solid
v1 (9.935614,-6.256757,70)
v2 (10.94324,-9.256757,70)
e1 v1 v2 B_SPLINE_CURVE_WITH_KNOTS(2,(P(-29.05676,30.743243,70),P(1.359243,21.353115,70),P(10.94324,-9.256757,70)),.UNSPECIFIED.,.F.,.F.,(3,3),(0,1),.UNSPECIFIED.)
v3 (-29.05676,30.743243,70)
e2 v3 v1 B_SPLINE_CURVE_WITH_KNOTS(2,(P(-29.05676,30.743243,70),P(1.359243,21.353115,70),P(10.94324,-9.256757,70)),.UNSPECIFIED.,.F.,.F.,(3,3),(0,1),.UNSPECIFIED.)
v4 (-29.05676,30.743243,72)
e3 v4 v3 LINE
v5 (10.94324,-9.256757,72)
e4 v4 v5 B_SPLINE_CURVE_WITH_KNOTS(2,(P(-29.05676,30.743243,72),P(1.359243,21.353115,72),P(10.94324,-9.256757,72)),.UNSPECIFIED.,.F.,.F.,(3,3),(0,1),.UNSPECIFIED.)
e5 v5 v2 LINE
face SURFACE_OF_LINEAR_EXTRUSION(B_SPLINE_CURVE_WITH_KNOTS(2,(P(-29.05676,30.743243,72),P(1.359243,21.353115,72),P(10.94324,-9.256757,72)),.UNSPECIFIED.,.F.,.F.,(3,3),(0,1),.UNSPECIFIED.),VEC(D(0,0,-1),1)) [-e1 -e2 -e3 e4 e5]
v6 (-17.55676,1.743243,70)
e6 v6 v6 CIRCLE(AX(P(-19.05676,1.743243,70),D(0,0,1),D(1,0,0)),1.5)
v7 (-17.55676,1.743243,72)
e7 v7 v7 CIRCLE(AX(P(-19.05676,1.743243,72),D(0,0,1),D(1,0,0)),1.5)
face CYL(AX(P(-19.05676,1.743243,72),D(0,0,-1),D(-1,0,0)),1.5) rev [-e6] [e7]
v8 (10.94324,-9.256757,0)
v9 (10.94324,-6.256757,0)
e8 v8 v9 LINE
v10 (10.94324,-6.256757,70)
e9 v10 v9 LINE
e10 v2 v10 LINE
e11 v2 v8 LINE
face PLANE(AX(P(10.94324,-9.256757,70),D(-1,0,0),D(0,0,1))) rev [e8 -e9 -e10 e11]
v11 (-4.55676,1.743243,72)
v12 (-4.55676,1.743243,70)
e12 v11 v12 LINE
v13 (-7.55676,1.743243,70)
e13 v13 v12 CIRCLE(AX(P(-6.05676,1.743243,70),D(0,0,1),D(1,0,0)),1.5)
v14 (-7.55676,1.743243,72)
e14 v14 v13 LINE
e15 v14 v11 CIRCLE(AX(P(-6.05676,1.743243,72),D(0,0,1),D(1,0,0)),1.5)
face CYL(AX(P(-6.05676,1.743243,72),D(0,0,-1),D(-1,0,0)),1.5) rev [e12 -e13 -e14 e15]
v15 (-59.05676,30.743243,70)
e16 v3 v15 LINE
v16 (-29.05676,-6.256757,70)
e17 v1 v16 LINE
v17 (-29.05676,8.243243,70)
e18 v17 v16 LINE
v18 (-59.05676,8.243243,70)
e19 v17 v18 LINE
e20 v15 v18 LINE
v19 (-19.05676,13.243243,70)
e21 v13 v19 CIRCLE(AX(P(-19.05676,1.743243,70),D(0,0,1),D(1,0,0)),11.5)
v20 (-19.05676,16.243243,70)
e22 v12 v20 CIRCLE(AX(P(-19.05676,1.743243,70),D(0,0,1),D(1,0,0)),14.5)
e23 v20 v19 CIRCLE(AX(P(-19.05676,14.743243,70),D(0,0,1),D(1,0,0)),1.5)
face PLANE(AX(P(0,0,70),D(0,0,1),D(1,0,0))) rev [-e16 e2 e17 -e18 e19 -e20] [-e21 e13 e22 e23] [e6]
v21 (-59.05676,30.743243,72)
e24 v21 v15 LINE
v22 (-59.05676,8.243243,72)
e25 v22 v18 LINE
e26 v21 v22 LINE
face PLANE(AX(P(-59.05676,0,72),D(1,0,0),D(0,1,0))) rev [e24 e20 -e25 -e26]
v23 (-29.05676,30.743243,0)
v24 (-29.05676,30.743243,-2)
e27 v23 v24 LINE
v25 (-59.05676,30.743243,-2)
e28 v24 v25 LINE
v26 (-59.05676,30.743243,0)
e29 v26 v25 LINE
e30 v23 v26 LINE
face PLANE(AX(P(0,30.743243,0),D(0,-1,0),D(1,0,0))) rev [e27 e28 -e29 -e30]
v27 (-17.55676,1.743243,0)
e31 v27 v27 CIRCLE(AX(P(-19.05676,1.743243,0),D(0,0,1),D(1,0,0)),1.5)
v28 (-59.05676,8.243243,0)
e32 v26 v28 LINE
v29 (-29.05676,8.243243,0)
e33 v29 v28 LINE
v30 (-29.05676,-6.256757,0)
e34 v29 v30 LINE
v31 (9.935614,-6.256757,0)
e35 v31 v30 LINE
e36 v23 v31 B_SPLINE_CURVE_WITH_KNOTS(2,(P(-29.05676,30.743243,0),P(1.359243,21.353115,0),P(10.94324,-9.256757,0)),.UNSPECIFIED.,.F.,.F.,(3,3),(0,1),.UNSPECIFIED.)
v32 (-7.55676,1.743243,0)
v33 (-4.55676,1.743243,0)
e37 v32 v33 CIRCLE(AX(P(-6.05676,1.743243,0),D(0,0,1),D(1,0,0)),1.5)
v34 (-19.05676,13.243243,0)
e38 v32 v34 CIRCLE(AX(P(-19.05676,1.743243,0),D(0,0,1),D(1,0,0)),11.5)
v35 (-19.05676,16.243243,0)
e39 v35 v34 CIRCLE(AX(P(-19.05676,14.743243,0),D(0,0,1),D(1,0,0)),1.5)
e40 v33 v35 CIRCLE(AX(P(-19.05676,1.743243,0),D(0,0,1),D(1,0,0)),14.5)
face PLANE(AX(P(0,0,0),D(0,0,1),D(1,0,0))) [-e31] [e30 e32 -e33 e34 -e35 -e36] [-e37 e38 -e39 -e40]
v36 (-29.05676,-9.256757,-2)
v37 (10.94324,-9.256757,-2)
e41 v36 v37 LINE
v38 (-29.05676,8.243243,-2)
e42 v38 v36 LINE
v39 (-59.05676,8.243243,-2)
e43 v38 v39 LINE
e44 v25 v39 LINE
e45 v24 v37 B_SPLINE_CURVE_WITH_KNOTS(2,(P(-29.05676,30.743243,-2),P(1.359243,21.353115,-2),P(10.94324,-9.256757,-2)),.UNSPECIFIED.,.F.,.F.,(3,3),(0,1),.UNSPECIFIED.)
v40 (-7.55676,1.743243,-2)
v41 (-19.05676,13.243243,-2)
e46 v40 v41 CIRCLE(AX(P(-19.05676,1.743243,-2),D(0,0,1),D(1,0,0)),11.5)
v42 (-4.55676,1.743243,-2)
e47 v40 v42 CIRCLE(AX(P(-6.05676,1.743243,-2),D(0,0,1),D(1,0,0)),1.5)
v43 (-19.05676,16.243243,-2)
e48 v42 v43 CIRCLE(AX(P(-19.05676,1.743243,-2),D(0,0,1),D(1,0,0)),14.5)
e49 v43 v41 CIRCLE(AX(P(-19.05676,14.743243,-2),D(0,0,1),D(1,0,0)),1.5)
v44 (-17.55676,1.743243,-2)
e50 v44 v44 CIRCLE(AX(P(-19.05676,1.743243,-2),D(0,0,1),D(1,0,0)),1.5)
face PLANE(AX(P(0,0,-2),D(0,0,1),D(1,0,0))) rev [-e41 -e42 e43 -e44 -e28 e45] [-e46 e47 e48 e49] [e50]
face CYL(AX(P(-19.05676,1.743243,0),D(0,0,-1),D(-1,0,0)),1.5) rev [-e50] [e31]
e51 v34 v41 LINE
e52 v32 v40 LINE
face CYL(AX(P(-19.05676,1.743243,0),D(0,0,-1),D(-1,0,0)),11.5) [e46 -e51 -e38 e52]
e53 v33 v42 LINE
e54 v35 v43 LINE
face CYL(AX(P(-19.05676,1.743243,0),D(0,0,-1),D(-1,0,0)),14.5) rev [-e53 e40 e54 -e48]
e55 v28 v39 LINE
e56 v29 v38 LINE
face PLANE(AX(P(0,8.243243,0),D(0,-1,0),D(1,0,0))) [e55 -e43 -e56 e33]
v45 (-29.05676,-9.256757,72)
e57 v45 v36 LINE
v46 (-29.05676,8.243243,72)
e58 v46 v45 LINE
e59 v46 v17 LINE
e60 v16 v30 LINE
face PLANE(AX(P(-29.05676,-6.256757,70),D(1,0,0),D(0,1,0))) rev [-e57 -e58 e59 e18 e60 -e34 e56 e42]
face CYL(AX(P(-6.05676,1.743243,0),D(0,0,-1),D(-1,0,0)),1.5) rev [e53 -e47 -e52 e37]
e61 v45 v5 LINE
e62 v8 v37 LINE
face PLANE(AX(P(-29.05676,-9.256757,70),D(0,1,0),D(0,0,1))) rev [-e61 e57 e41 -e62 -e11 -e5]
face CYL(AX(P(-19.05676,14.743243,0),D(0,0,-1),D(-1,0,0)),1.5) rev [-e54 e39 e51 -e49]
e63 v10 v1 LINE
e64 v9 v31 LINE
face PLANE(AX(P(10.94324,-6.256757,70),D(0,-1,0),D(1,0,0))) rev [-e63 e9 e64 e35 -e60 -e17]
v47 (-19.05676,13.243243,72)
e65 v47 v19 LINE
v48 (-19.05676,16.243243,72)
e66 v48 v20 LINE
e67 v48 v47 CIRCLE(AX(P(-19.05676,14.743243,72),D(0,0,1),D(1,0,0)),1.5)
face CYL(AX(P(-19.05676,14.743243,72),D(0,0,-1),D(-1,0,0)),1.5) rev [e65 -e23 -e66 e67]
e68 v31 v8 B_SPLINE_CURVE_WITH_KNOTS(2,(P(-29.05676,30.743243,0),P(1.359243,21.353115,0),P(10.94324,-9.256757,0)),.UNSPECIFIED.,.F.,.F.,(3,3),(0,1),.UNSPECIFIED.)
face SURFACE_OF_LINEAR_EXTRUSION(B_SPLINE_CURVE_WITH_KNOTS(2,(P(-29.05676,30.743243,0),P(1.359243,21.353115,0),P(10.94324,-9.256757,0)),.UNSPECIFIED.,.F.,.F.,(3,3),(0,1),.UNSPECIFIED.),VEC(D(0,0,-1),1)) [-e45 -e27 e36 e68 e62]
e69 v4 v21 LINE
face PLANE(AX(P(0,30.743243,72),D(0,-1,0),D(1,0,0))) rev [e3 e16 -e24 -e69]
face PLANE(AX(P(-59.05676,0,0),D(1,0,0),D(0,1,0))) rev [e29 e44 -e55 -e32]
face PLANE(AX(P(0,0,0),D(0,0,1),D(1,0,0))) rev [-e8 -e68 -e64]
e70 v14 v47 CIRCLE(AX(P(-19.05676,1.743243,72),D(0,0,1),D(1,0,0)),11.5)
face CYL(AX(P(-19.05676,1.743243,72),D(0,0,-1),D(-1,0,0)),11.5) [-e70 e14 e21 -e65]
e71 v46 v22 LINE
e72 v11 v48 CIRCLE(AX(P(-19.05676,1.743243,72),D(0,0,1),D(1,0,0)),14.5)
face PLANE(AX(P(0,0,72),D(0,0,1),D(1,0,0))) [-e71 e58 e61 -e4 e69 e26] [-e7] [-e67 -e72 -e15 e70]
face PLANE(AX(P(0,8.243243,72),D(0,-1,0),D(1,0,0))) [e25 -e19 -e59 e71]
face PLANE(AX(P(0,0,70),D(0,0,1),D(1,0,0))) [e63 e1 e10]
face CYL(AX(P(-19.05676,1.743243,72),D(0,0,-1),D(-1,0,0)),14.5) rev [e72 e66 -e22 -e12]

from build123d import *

# Parameters (mm, degrees)
ESQUISSE1_W                = 40
ESQUISSE1_H                = 3
BOSS_EXTRU_2_DEPTH         = 70
ESQUISSE3_R                = 1.5
BOSS_EXTRU_3_DEPTH         = 2
R_P_TITION_LIN_AIRE1_COUNT = 2
R_P_TITION_LIN_AIRE1_PITCH = 72


with BuildPart() as part:
    # Esquisse1 → Boss.-Extru.2 (new body)
    with BuildSketch(Plane.XY):
        with Locations((-9.056759605, -7.756756757)):
            Rectangle(ESQUISSE1_W, ESQUISSE1_H)
    extrude(amount=BOSS_EXTRU_2_DEPTH)

    # Esquisse3 → Boss.-Extru.3 (add)
    with BuildSketch(Plane.XY.offset(70)):
        with BuildLine():
            Line((-29.056759605, -9.256756757), (10.943240395, -9.256756757))
            add(Edge.make_bspline(
                [(-29.056759605, 30.743243243), (1.359242572, 21.353115069), (10.943240395, -9.256756757)],
                knots=[0, 0, 0, 1, 1, 1], degree=2))
            Line((-29.056759605, 30.743243243), (-59.056759605, 30.743243243))
            Line((-59.056759605, 30.743243243), (-59.056759605, 8.243243243))
            Line((-59.056759605, 8.243243243), (-29.056759605, 8.243243243))
            Line((-29.056759605, 8.243243243), (-29.056759605, -9.256756757))
        make_face()
        with Locations((-19.056759605, 1.743243243)):
            Circle(ESQUISSE3_R, mode=Mode.SUBTRACT)
        with BuildLine():
            ThreePointArc((-4.556759605, 1.743243243), (-8.803711277, 11.99629157), (-19.056759605, 16.243243243))
            ThreePointArc((-19.056759605, 16.243243243), (-20.556759605, 14.743243243), (-19.056759605, 13.243243243))
            ThreePointArc((-19.056759605, 13.243243243), (-10.925031621, 9.874971227), (-7.556759605, 1.743243243))
            ThreePointArc((-7.556759605, 1.743243243), (-6.056759605, 0.243243243), (-4.556759605, 1.743243243))
        make_face(mode=Mode.SUBTRACT)
    boss_extru_3 = extrude(amount=BOSS_EXTRU_3_DEPTH)

    # Répétition linéaire1: Boss.-Extru.3 ×2
    with Locations(*[(0, 0, -i * R_P_TITION_LIN_AIRE1_PITCH) for i in range(1, R_P_TITION_LIN_AIRE1_COUNT)]):
        add(boss_extru_3)


solid = part.part
